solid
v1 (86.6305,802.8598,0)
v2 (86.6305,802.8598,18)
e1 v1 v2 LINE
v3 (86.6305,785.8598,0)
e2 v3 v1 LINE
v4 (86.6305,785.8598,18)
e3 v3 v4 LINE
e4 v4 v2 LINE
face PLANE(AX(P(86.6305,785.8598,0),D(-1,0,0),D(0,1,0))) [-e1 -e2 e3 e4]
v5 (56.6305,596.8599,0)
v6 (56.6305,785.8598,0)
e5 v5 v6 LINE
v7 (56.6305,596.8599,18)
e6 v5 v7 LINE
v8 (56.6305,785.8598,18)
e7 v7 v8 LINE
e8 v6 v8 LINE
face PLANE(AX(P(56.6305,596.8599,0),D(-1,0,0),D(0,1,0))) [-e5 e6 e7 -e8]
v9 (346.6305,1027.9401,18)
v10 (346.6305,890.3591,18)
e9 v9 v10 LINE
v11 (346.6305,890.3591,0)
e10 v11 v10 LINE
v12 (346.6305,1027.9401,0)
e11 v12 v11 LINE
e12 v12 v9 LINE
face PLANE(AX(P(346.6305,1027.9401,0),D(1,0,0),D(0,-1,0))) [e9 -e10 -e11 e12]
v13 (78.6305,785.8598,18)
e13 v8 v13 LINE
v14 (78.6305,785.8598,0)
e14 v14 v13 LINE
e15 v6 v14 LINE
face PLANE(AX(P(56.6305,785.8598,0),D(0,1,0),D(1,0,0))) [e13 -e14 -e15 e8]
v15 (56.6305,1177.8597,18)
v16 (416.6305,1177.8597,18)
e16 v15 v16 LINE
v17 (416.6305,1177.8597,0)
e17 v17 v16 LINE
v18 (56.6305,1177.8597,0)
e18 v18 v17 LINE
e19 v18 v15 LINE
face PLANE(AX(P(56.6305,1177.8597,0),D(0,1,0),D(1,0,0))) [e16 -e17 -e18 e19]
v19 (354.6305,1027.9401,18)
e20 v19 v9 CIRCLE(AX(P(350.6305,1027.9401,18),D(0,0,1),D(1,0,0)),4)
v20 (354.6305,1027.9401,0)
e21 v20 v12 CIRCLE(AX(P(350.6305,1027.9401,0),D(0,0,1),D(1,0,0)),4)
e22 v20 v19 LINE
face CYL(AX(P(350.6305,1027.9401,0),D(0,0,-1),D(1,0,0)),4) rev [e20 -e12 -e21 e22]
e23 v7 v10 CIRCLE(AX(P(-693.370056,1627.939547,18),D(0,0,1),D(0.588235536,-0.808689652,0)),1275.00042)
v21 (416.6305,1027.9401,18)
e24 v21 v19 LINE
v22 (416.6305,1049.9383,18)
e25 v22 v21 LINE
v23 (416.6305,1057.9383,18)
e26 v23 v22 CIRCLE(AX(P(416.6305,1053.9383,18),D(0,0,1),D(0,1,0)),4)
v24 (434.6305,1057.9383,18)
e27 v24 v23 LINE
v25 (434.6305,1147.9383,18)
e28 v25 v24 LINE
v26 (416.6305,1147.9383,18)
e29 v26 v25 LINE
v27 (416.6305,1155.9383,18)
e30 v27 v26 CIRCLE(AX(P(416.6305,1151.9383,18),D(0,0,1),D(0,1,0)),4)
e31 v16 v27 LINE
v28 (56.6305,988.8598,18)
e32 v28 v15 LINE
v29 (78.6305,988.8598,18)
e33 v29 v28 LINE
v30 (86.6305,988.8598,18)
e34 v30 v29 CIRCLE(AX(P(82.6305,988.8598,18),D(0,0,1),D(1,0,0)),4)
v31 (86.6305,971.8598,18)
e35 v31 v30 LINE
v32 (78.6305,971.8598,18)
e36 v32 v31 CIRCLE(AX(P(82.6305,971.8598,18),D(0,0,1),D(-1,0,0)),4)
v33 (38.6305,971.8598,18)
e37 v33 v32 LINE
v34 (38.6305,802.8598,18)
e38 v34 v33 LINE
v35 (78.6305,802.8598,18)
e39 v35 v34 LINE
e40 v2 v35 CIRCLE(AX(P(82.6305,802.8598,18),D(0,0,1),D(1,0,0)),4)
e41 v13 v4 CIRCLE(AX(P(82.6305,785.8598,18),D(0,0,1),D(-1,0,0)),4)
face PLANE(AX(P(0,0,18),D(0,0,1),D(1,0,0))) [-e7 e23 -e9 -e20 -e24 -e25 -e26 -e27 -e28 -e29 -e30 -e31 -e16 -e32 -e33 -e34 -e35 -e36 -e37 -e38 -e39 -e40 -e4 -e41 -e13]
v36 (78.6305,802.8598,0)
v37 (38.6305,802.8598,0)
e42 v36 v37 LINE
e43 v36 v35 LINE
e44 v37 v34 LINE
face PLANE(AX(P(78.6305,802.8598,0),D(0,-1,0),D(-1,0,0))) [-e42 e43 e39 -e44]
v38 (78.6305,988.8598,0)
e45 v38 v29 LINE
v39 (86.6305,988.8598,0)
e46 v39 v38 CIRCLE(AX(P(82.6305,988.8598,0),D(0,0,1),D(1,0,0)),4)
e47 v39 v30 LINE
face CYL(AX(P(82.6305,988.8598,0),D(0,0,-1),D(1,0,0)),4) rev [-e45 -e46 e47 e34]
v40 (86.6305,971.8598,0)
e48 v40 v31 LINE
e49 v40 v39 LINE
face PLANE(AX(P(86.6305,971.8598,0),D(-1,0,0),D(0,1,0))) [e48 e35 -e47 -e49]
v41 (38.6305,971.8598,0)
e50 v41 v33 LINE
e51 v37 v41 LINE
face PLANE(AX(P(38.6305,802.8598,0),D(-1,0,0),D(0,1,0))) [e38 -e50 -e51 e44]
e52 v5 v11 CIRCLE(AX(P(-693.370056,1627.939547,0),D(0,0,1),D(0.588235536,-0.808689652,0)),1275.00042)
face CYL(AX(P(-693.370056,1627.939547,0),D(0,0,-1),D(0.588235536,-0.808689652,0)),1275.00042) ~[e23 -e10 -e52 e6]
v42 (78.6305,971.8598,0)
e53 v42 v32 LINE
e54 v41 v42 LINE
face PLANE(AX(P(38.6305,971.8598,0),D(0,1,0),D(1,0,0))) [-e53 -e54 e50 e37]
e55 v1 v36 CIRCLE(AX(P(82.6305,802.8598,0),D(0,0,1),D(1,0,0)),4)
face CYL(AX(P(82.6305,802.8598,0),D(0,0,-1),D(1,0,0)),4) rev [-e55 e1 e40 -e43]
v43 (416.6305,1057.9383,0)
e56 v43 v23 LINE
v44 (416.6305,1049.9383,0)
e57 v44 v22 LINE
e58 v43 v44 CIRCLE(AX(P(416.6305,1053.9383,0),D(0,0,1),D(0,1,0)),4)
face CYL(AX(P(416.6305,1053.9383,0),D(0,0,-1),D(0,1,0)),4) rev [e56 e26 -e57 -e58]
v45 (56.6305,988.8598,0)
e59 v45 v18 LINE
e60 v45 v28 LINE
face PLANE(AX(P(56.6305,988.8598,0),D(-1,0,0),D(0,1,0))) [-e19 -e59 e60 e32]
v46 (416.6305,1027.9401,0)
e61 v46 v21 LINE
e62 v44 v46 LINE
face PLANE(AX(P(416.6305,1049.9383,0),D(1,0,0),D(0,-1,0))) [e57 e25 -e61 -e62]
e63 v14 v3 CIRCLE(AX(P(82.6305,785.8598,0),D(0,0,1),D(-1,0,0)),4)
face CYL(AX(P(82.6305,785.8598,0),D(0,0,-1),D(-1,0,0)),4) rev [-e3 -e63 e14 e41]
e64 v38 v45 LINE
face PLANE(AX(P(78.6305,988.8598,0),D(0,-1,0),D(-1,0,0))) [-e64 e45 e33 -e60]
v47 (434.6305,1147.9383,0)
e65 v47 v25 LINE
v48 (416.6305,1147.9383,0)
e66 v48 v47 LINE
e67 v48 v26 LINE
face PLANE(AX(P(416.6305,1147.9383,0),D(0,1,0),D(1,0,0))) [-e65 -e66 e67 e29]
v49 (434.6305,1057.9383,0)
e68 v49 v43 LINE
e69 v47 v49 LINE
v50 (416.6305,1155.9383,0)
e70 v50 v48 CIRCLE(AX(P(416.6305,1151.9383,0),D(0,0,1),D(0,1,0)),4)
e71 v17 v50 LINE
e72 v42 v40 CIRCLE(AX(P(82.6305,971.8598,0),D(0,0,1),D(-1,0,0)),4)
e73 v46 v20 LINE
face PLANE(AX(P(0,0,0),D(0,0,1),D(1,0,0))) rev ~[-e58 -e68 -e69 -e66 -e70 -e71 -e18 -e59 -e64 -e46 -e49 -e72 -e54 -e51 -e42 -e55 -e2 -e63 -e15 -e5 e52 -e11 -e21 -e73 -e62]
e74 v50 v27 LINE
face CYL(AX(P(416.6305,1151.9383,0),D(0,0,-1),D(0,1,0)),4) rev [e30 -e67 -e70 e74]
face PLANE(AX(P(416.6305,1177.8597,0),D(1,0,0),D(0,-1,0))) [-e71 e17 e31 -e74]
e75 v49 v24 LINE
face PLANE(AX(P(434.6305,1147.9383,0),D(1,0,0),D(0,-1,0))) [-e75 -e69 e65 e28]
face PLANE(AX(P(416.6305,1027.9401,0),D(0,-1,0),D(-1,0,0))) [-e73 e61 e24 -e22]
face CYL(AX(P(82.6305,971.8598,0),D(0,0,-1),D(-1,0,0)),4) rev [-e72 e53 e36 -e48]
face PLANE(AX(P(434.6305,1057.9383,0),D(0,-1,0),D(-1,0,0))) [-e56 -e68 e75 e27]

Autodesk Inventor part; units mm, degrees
ref_plane "YZ Plane" through (0, 0, 0) normal (1, 0, 0) x (0, 1, 0)
ref_plane "XZ Plane" through (0, 0, 0) normal (0, 1, 0) x (-1, 0, 0)
ref_plane "XY Plane" through (0, 0, 0) normal (0, 0, 1) x (1, 0, 0)
sketch "CONTOURS" plane through (0, 0, 0) normal (0, 0, 1) x (1, 0, 0)
  arc A0 (354.6305, 1027.9401) -> (346.6305, 1027.9401) centre (350.6305, 1027.9401) ccw
  line L0 (346.6305, 1027.9401) -> (346.6305, 890.3591)
  arc A1 (56.6305, 596.8599) -> (346.6305, 890.3591) centre (-693.3695, 1627.9389) ccw
  line L1 (56.6305, 596.8599) -> (56.6305, 785.8598)
  line L2 (56.6305, 785.8598) -> (78.6305, 785.8598)
  arc A2 (78.6305, 785.8598) -> (86.6305, 785.8598) centre (82.6305, 785.8598) ccw
  line L3 (86.6305, 785.8598) -> (86.6305, 802.8598)
  arc A3 (86.6305, 802.8598) -> (78.6305, 802.8598) centre (82.6305, 802.8598) ccw
  line L4 (78.6305, 802.8598) -> (38.6305, 802.8598)
  line L5 (38.6305, 802.8598) -> (38.6305, 971.8598)
  line L6 (38.6305, 971.8598) -> (78.6305, 971.8598)
  arc A4 (78.6305, 971.8598) -> (86.6305, 971.8598) centre (82.6305, 971.8598) ccw
  line L7 (86.6305, 971.8598) -> (86.6305, 988.8598)
  arc A5 (86.6305, 988.8598) -> (78.6305, 988.8598) centre (82.6305, 988.8598) ccw
  line L8 (78.6305, 988.8598) -> (56.6305, 988.8598)
  line L9 (56.6305, 988.8598) -> (56.6305, 1177.8597)
  line L10 (56.6305, 1177.8597) -> (416.6305, 1177.8597)
  line L11 (416.6305, 1177.8597) -> (416.6305, 1155.9383)
  arc A6 (416.6305, 1155.9383) -> (416.6305, 1147.9383) centre (416.6305, 1151.9383) ccw
  line L12 (416.6305, 1147.9383) -> (434.6305, 1147.9383)
  line L13 (434.6305, 1147.9383) -> (434.6305, 1057.9383)
  line L14 (434.6305, 1057.9383) -> (416.6305, 1057.9383)
  arc A7 (416.6305, 1057.9383) -> (416.6305, 1049.9383) centre (416.6305, 1053.9383) ccw
  line L15 (416.6305, 1049.9383) -> (416.6305, 1027.9401)
  line L16 (416.6305, 1027.9401) -> (354.6305, 1027.9401)
sketch "LETTERS" plane through (0, 0, 0) normal (0, 0, 1) x (1, 0, 0)
  line L0 (214.8818, 1093.6309) -> (234.6305, 1102.9383)
  line L1 (234.6305, 1084.5494) -> (214.8818, 1093.6309)
  line L2 (214.8058, 1113.3691) -> (234.6305, 1113.3691)
  line L3 (217.3755, 1109.636) -> (214.8058, 1113.3691)
  line L4 (226.7124, 1099.1165) -> (226.7124, 1088.2213)
extrude "Extrusion1" add sketch "CONTOURS" along normal blind 18
properties part number "Support A1" material "Wood (Birch)"
